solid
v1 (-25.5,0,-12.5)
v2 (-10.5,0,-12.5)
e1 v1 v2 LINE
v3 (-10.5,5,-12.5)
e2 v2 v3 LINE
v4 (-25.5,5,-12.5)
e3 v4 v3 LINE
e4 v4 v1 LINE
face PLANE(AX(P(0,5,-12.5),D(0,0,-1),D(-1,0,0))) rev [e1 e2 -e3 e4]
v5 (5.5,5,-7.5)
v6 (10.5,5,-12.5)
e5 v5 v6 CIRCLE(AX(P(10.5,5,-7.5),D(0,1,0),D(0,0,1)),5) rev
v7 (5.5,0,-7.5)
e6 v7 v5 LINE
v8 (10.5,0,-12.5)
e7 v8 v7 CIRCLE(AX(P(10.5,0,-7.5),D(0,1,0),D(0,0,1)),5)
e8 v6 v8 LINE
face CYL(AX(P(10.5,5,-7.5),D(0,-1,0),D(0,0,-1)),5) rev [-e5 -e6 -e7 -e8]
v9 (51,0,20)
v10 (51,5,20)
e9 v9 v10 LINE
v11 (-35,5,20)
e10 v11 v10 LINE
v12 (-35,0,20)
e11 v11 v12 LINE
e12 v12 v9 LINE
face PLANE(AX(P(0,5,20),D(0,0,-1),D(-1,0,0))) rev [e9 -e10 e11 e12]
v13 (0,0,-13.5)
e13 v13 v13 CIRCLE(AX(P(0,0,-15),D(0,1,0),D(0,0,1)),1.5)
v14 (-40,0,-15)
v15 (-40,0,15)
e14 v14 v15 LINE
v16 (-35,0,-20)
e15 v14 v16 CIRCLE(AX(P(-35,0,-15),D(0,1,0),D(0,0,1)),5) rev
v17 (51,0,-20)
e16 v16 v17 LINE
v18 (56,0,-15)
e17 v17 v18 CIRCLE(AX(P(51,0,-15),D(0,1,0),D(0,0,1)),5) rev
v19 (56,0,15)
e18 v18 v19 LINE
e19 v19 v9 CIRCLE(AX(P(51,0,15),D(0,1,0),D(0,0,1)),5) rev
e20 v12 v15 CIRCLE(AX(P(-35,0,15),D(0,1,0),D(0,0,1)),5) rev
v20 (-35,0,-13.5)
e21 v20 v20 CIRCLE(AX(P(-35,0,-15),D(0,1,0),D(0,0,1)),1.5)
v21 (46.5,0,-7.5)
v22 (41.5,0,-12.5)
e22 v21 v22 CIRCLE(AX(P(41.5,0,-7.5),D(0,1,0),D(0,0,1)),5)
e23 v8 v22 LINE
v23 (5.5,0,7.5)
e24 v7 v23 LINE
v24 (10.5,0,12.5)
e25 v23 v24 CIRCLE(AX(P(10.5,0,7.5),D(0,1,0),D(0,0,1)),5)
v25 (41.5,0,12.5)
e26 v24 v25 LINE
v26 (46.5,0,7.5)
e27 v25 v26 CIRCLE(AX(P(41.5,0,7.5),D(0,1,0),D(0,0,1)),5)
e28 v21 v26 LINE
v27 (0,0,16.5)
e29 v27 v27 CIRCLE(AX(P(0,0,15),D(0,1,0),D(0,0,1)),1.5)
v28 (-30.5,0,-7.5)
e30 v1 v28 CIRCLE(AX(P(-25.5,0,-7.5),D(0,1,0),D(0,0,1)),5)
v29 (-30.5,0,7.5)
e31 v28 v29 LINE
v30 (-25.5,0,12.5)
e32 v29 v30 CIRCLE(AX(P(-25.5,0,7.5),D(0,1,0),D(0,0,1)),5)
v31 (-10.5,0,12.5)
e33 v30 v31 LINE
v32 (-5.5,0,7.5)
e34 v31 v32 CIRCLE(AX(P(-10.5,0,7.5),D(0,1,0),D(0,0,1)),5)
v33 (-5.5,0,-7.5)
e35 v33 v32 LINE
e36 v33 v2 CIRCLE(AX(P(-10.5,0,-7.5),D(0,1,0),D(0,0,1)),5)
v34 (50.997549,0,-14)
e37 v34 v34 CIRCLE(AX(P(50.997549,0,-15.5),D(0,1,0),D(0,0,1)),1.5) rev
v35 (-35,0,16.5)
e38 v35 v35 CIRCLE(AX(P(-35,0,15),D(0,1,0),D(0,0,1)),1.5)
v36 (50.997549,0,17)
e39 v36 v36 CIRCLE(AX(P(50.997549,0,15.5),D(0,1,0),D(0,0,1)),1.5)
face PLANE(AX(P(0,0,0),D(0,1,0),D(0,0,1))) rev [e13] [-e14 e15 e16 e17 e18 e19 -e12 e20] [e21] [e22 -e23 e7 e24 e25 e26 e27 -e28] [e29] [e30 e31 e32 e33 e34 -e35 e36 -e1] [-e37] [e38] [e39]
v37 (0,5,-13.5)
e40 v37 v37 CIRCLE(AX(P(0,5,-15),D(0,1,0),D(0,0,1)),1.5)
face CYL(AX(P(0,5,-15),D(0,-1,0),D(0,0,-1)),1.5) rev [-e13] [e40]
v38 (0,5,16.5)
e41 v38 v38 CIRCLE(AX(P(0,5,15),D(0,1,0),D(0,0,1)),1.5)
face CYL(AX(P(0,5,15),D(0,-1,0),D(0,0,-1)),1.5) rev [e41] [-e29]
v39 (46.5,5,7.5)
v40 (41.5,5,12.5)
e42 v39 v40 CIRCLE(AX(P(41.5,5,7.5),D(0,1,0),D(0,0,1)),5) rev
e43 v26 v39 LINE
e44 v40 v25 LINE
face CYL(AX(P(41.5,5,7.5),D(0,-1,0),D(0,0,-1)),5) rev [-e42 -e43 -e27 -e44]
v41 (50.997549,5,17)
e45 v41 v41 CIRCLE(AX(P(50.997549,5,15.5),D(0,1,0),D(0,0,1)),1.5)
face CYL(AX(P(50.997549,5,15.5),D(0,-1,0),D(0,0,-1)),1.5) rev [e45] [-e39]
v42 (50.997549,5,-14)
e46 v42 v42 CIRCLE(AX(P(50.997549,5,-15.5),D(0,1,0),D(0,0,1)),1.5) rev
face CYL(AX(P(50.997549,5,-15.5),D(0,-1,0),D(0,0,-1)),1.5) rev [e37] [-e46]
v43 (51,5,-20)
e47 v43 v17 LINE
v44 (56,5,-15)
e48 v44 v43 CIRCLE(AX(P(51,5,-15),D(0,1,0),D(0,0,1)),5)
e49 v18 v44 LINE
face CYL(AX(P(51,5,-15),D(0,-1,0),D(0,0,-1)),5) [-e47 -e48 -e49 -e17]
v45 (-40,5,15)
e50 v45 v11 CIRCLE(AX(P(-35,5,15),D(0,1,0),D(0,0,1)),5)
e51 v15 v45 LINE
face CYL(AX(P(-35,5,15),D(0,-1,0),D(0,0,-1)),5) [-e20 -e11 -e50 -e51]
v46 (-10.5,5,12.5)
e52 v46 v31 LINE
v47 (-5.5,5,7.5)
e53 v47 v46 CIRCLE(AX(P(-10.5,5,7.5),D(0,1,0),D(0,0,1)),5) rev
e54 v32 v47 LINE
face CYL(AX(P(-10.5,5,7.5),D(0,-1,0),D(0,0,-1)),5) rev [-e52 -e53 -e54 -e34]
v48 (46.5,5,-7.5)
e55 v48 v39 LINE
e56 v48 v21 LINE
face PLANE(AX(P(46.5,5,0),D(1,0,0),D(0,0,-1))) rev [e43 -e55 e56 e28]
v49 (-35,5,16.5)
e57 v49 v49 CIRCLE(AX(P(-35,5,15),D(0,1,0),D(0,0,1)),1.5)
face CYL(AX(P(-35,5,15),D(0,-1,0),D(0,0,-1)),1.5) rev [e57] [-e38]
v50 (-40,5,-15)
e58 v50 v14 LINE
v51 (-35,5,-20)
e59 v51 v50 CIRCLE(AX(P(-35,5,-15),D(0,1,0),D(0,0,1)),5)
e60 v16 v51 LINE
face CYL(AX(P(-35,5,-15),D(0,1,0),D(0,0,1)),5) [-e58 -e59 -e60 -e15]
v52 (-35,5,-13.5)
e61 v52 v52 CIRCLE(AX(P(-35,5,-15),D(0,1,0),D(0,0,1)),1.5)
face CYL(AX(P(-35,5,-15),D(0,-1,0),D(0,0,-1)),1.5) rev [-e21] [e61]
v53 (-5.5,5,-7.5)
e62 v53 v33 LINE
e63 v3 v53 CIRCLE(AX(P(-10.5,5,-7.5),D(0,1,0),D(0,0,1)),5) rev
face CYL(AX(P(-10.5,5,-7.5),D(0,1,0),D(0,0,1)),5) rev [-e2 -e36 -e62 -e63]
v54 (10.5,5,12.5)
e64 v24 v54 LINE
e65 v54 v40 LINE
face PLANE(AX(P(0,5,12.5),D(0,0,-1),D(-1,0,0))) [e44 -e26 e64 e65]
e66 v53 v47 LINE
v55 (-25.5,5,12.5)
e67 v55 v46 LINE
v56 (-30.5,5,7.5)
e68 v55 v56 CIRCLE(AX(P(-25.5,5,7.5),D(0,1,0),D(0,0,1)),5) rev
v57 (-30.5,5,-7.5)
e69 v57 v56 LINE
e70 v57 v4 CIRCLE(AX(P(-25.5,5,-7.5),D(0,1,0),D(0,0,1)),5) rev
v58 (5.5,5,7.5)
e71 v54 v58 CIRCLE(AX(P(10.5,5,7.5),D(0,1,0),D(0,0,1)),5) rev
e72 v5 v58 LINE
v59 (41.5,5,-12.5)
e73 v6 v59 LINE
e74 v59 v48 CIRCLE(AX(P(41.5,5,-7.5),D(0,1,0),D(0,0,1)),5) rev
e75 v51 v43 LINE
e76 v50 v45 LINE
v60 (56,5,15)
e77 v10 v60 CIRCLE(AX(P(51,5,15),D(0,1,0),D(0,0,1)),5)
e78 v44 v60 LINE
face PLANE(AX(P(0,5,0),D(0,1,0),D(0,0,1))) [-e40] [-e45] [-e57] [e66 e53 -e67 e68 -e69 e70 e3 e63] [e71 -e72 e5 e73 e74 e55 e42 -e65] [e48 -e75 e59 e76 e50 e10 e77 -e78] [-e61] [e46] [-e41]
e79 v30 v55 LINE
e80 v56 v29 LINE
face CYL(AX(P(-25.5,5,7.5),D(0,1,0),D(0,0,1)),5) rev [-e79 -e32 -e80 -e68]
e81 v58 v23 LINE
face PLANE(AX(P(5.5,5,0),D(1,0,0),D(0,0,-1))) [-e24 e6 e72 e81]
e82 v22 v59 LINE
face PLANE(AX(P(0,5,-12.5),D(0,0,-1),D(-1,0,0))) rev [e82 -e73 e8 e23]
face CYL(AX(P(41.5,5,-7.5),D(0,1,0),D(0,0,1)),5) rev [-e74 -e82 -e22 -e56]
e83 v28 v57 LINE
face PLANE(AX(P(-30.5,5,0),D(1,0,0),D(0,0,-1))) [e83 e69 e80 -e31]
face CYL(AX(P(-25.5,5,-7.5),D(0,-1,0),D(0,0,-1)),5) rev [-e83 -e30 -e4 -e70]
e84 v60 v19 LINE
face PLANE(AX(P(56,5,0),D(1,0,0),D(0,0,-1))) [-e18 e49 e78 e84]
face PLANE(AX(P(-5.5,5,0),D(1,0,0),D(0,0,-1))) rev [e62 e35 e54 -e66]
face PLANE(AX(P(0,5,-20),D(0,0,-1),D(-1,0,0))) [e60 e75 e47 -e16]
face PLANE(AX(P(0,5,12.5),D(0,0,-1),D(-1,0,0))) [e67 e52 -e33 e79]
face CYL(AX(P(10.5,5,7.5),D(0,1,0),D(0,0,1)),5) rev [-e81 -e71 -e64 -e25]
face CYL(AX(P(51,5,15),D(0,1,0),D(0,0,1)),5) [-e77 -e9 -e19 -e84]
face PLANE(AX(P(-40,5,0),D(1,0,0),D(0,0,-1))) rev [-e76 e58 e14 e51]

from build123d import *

# Parameters (mm, degrees)
SKETCH1_W           = 96
SKETCH1_H           = 40
SKETCH1_R           = 1.5
SKETCH1_W_2         = 25
SKETCH1_H_2         = 25
SKETCH1_W_3         = 41
BOSS_EXTRUDE1_DEPTH = 5
FILLET1_R           = 5


with BuildPart() as part:
    # Sketch1 → Boss-Extrude1 (new body)
    with BuildSketch(Plane(origin=(0, 0, 0), x_dir=(1, 0, 0), z_dir=(0, 1, 0))):
        with Locations((8, 0)):
            Rectangle(SKETCH1_W, SKETCH1_H)
        with Locations((-35, 15)):
            Circle(SKETCH1_R, mode=Mode.SUBTRACT)
        with Locations((0, 15)):
            Circle(SKETCH1_R, mode=Mode.SUBTRACT)
        with Locations((50.997548961, -15.5)):
            Circle(SKETCH1_R, mode=Mode.SUBTRACT)
        with Locations((50.997548961, 15.5)):
            Circle(SKETCH1_R, mode=Mode.SUBTRACT)
        with Locations((-35, -15)):
            Circle(SKETCH1_R, mode=Mode.SUBTRACT)
        with Locations((0, -15)):
            Circle(SKETCH1_R, mode=Mode.SUBTRACT)
        with Locations((-18, 0)):
            Rectangle(SKETCH1_W_2, SKETCH1_H_2, mode=Mode.SUBTRACT)
        with Locations((26, 0)):
            Rectangle(SKETCH1_W_3, SKETCH1_H_2, mode=Mode.SUBTRACT)
    extrude(amount=BOSS_EXTRUDE1_DEPTH)

    # Fillet1
    fillet1_edges = [part.edges().sort_by_distance(p)[0] for p in [
        (-5.5, 2.5, 12.5),
        (-5.5, 2.5, -12.5),
        (-30.5, 2.5, -12.5),
        (-30.5, 2.5, 12.5),
        (-40, 2.5, 20),
        (-40, 2.5, -20),
        (56, 2.5, -20),
        (56, 2.5, 20),
        (46.5, 2.5, 12.5),
        (46.5, 2.5, -12.5),
        (5.5, 2.5, -12.5),
        (5.5, 2.5, 12.5),
    ]]
    fillet(fillet1_edges, radius=FILLET1_R)


solid = part.part
